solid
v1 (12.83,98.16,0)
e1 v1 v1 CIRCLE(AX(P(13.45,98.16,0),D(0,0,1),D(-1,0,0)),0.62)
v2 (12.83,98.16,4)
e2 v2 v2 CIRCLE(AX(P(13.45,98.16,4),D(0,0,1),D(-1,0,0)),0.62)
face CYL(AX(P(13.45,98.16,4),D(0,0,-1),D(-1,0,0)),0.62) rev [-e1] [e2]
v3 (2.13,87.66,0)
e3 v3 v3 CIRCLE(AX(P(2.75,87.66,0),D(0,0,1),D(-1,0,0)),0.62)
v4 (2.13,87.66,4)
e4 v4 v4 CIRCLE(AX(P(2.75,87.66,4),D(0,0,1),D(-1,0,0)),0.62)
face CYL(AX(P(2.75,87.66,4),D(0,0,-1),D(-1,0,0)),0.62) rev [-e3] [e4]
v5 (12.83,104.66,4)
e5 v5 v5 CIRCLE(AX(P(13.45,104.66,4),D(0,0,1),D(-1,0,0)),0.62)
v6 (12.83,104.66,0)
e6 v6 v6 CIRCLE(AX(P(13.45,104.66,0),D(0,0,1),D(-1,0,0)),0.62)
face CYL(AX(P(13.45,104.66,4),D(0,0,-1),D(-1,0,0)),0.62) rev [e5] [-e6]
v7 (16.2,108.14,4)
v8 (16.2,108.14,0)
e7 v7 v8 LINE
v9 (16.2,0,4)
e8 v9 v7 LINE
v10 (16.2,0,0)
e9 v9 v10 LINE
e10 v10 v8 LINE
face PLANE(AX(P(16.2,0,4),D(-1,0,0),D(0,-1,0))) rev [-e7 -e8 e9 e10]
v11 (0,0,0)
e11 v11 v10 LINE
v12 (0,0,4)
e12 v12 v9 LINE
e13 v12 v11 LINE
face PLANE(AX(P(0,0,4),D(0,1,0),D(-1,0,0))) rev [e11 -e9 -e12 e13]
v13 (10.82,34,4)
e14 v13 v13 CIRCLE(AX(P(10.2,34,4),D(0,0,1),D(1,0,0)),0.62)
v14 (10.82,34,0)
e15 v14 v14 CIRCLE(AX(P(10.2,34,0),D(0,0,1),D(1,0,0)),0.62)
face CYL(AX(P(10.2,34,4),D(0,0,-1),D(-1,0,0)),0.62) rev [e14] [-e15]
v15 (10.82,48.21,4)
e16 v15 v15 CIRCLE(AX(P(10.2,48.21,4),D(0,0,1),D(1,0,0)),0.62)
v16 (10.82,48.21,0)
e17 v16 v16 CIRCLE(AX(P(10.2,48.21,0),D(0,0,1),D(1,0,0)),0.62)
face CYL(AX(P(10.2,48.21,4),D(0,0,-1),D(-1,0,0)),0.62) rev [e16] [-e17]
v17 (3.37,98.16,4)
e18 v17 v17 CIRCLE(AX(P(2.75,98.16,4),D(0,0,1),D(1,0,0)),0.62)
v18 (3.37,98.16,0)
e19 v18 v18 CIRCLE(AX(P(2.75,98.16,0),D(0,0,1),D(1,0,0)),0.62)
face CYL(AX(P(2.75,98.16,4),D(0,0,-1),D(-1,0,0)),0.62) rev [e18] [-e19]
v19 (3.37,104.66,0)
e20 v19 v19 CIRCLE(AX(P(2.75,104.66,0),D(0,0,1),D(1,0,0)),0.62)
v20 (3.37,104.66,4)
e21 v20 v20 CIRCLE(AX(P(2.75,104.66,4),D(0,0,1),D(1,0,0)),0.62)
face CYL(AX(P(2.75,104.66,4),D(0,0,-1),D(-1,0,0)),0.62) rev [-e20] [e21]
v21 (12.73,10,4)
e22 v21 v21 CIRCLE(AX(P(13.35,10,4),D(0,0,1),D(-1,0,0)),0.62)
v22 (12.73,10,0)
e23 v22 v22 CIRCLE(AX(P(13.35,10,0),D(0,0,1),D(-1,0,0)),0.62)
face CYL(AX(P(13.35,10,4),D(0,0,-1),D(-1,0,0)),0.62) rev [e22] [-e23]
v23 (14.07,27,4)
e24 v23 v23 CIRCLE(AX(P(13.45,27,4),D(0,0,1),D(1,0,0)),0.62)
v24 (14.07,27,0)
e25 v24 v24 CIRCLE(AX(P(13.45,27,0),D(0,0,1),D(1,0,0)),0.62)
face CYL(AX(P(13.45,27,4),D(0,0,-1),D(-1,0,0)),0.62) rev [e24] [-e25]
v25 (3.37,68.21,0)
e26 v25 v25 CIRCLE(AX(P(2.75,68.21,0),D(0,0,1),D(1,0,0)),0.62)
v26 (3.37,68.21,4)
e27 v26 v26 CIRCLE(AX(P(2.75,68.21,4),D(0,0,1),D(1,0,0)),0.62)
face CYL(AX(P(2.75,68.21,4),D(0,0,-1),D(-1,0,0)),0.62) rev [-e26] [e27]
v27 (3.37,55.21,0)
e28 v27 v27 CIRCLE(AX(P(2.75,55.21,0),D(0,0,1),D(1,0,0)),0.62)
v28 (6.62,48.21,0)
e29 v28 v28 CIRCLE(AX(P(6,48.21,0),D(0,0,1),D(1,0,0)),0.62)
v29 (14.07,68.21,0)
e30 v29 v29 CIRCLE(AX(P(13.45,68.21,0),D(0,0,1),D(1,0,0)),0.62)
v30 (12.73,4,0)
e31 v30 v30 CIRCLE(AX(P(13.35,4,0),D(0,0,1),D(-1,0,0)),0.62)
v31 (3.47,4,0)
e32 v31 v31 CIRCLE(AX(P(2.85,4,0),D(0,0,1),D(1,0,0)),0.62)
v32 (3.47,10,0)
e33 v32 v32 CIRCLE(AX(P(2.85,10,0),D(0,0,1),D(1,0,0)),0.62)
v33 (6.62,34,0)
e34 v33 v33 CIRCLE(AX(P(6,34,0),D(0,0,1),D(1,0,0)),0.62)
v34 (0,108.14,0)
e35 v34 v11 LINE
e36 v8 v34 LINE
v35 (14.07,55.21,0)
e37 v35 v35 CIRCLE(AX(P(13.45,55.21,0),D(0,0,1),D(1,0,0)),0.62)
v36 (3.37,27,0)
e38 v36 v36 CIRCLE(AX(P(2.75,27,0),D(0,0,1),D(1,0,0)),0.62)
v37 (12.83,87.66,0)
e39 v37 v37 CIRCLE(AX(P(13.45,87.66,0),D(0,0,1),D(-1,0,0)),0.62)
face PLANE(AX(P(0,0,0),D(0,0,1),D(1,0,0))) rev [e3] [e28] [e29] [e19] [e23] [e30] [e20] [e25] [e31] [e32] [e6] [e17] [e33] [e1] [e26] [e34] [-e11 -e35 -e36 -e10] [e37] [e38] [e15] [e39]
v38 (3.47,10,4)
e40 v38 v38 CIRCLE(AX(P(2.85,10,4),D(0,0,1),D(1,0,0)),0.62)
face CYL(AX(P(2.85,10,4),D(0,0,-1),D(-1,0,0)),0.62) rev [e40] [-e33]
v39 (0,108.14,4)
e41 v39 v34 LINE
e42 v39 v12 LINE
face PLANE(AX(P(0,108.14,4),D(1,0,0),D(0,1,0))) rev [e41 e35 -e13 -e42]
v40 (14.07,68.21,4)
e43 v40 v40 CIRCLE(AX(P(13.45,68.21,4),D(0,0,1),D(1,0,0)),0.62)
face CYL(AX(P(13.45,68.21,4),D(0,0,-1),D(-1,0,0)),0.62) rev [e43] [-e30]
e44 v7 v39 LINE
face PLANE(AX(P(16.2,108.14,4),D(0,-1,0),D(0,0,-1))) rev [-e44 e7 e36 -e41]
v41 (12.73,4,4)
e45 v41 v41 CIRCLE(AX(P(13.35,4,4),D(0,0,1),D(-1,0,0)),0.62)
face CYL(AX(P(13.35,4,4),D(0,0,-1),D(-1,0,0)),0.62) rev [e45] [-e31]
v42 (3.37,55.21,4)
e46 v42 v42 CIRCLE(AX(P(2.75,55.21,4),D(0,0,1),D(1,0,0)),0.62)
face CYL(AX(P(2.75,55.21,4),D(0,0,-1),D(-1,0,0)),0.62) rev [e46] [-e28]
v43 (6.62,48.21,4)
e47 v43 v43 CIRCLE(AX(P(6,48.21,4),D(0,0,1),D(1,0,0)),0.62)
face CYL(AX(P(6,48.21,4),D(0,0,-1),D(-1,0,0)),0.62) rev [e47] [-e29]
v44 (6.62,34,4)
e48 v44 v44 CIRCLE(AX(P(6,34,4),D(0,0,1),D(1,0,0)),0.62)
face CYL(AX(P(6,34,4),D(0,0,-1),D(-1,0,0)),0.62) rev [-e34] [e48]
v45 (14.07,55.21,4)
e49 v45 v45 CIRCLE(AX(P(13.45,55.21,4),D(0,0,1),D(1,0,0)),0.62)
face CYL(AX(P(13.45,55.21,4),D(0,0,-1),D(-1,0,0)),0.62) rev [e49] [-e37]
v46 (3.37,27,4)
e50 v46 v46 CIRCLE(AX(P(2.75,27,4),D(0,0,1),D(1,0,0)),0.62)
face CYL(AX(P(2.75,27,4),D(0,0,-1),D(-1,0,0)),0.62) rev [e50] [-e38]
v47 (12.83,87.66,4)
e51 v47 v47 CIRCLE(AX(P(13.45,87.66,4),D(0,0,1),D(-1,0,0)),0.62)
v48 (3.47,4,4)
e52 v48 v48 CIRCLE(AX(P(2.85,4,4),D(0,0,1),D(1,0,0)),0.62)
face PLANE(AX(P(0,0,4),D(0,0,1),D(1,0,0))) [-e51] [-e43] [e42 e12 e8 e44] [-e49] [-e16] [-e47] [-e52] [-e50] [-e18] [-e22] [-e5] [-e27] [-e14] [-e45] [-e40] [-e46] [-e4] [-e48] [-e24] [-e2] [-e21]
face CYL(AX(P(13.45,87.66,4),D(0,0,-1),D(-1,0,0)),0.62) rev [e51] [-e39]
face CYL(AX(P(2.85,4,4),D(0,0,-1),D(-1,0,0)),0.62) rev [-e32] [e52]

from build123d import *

# Parameters (mm, degrees)
SKETCH1_W           = 16.2
SKETCH1_H           = 108.14
SKETCH1_R           = 0.62
BOSS_EXTRUDE1_DEPTH = 4


with BuildPart() as part:
    # Sketch1 → Boss-Extrude1 (new body)
    with BuildSketch(Plane.XY):
        with Locations((8.1, 54.07)):
            Rectangle(SKETCH1_W, SKETCH1_H)
        with Locations((13.45, 55.21)):
            Circle(SKETCH1_R, mode=Mode.SUBTRACT)
        with Locations((10.2, 48.21)):
            Circle(SKETCH1_R, mode=Mode.SUBTRACT)
        with Locations((13.45, 104.66)):
            Circle(SKETCH1_R, mode=Mode.SUBTRACT)
        with Locations((2.75, 98.16)):
            Circle(SKETCH1_R, mode=Mode.SUBTRACT)
        with Locations((6, 48.21)):
            Circle(SKETCH1_R, mode=Mode.SUBTRACT)
        with Locations((2.75, 27)):
            Circle(SKETCH1_R, mode=Mode.SUBTRACT)
        with Locations((2.75, 87.66)):
            Circle(SKETCH1_R, mode=Mode.SUBTRACT)
        with Locations((2.75, 55.21)):
            Circle(SKETCH1_R, mode=Mode.SUBTRACT)
        with Locations((13.45, 87.66)):
            Circle(SKETCH1_R, mode=Mode.SUBTRACT)
        with Locations((13.45, 98.16)):
            Circle(SKETCH1_R, mode=Mode.SUBTRACT)
        with Locations((13.45, 68.21)):
            Circle(SKETCH1_R, mode=Mode.SUBTRACT)
        with Locations((6, 34)):
            Circle(SKETCH1_R, mode=Mode.SUBTRACT)
        with Locations((2.75, 104.66)):
            Circle(SKETCH1_R, mode=Mode.SUBTRACT)
        with Locations((10.2, 34)):
            Circle(SKETCH1_R, mode=Mode.SUBTRACT)
        with Locations((2.75, 68.21)):
            Circle(SKETCH1_R, mode=Mode.SUBTRACT)
        with Locations((13.45, 27)):
            Circle(SKETCH1_R, mode=Mode.SUBTRACT)
        with Locations((2.85, 10)):
            Circle(SKETCH1_R, mode=Mode.SUBTRACT)
        with Locations((13.35, 10)):
            Circle(SKETCH1_R, mode=Mode.SUBTRACT)
        with Locations((13.35, 4)):
            Circle(SKETCH1_R, mode=Mode.SUBTRACT)
        with Locations((2.85, 4)):
            Circle(SKETCH1_R, mode=Mode.SUBTRACT)
    extrude(amount=BOSS_EXTRUDE1_DEPTH)


solid = part.part
